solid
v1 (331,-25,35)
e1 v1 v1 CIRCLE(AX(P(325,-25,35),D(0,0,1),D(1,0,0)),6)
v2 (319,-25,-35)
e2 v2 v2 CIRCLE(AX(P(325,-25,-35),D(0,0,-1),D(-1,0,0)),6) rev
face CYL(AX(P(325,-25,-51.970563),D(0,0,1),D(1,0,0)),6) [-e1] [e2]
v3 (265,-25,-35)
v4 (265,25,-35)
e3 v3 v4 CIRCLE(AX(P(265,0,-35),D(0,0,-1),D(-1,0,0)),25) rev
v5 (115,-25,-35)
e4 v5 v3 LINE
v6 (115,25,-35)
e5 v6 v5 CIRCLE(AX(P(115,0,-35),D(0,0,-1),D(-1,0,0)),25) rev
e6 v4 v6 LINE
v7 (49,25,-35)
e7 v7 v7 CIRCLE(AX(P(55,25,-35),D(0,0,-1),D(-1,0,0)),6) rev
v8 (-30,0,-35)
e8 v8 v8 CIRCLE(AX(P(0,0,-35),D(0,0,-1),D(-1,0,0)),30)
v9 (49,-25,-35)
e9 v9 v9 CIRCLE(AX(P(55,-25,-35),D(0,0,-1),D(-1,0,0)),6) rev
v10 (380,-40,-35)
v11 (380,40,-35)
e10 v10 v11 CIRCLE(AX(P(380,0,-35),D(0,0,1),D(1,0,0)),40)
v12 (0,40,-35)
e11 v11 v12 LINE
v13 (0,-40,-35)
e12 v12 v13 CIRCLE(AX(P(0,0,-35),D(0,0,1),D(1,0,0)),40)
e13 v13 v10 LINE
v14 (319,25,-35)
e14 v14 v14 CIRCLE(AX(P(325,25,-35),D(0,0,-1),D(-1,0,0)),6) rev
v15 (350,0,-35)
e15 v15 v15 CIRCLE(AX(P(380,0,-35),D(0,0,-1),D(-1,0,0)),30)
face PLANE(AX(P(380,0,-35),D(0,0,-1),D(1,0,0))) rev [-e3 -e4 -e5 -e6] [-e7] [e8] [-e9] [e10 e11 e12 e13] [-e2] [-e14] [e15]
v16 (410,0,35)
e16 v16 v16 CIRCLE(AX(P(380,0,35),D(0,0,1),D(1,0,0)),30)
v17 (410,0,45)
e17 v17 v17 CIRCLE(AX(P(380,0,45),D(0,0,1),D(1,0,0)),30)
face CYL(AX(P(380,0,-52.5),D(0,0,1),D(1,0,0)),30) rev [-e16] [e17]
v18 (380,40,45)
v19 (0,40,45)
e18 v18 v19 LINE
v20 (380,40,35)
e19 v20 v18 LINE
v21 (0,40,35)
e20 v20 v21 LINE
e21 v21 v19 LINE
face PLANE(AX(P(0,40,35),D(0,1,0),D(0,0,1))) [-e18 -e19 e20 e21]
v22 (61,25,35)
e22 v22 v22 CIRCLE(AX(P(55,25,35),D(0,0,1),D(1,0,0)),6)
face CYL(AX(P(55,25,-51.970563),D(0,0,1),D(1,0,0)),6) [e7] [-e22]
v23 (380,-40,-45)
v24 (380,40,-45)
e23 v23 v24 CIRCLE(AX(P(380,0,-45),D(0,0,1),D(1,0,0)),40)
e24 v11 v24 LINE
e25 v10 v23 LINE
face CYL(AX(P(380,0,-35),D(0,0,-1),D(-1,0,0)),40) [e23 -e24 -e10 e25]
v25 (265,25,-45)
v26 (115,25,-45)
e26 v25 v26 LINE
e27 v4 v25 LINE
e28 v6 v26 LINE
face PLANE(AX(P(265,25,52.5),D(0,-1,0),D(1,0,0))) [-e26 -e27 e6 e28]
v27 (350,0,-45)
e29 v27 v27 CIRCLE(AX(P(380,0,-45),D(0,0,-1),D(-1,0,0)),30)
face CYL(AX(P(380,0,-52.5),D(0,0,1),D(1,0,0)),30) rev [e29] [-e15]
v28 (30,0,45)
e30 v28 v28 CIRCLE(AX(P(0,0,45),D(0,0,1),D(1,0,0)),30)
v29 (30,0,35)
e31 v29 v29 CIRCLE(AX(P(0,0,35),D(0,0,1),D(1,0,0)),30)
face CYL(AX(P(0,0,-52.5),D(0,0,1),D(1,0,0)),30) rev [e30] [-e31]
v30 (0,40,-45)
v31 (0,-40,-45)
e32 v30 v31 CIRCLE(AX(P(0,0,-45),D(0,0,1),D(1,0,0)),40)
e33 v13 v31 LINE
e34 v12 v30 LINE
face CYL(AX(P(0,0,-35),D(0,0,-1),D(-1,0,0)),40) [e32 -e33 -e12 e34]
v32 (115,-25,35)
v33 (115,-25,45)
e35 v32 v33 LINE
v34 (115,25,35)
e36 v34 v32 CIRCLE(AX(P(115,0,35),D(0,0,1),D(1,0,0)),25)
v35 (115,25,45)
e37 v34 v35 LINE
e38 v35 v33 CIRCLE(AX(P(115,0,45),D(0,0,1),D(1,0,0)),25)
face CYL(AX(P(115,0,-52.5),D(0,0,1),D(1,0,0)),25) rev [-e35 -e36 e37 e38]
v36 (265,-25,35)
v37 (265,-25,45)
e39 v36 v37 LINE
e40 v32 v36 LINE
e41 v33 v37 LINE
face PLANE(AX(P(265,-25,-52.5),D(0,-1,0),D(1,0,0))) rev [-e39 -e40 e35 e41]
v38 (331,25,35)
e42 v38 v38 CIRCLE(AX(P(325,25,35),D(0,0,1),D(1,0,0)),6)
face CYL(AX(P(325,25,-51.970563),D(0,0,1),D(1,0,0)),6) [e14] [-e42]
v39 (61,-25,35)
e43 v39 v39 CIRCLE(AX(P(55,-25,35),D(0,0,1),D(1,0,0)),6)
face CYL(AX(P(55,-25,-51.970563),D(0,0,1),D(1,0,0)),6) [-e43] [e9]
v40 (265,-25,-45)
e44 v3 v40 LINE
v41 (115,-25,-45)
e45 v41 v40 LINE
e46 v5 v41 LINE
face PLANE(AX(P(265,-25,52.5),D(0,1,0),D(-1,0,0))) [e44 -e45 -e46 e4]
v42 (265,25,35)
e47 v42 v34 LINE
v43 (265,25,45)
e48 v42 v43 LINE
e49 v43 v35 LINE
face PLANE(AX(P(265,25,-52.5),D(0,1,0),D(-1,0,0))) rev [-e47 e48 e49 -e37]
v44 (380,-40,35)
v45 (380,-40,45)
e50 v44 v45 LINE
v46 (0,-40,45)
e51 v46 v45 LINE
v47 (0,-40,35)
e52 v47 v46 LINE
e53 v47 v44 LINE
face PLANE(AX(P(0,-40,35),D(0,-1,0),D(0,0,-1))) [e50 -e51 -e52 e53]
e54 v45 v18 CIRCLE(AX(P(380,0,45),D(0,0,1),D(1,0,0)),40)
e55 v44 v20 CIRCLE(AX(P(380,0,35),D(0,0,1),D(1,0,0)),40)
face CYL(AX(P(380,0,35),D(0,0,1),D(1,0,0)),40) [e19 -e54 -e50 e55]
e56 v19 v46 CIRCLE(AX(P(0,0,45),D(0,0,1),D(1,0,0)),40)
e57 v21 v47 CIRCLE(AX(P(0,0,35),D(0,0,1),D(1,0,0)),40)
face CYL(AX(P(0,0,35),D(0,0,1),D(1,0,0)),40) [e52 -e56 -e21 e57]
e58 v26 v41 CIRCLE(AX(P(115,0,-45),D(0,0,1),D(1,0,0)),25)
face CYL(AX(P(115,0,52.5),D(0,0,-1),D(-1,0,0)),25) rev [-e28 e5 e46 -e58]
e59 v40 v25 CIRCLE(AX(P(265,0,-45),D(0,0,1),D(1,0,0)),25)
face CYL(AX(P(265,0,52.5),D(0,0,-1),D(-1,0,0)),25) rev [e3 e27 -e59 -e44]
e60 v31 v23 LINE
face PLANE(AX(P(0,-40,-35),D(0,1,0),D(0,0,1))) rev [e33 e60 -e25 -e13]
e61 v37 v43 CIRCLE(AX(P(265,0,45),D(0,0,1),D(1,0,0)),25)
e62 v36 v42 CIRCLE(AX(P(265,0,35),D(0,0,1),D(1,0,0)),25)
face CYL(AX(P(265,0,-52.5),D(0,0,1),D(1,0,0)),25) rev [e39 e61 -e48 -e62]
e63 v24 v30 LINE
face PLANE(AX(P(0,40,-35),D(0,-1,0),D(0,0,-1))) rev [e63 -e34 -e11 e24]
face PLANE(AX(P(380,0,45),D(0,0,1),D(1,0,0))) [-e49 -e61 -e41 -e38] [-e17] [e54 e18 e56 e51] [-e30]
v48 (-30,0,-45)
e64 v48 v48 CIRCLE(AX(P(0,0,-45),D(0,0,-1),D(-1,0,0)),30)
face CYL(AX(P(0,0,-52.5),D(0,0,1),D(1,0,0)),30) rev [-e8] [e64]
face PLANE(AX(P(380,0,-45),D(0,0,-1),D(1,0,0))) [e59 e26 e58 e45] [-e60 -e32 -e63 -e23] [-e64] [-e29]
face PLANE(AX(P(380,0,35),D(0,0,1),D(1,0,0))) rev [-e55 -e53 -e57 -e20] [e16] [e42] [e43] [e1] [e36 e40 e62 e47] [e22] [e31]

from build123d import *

# Parameters (mm, degrees)
SKETCH2_R           = 30
BOSS_EXTRUDE1_DEPTH = 52.5
BOSS_EXTRUDE2_DEPTH = 10
CUT_EXTRUDE1_DEPTH  = 434.01991871
SKETCH5_R           = 30
BOSS_EXTRUDE3_DEPTH = 52.5
SKETCH7_R           = 6
BOSS_EXTRUDE4_DEPTH = 80
SKETCH8_R           = 30
CUT_EXTRUDE2_DEPTH  = 435.770054167


with BuildPart() as part:
    # Sketch2 → Boss-Extrude1 (new, symmetric)
    with BuildSketch(Plane.XY):
        Circle(SKETCH2_R)
    extrude(amount=BOSS_EXTRUDE1_DEPTH, both=True)

    # Sketch3 → Boss-Extrude2 (add)
    with BuildSketch(Plane.XY.offset(45)):
        with BuildLine():
            Line((0, 40), (380, 40))
            ThreePointArc((380, 40), (420, 0), (380, -40))
            Line((380, -40), (0, -40))
            ThreePointArc((0, -40), (-40, 0), (0, 40))
        make_face()
    boss_extrude2 = extrude(amount=-BOSS_EXTRUDE2_DEPTH)

    # Sketch4 → Cut-Extrude1 (cut, through all)
    with BuildSketch(Plane.XY.offset(45)):
        with BuildLine():
            Line((265, -25), (115, -25))
            ThreePointArc((115, -25), (90, 0), (115, 25))
            Line((115, 25), (265, 25))
            ThreePointArc((265, 25), (290, 0), (265, -25))
        make_face()
    cut_extrude1 = extrude(amount=-CUT_EXTRUDE1_DEPTH, mode=Mode.SUBTRACT)

    # Sketch5 → Boss-Extrude3 (add, symmetric)
    with BuildSketch(Plane.XY):
        with Locations((380, 0)):
            Circle(SKETCH5_R)
    extrude(amount=BOSS_EXTRUDE3_DEPTH, both=True)

    # Mirror1: Boss-Extrude2, Cut-Extrude1 across plane
    add(boss_extrude2.mirror(Plane.XY))
    add(cut_extrude1.mirror(Plane.XY), mode=Mode.SUBTRACT)

    # Sketch7 → Boss-Extrude4 (add)
    with BuildSketch(Plane.XY.offset(45)):
        with Locations((55, 25)):
            Circle(SKETCH7_R)
        with Locations((325, 25)):
            Circle(SKETCH7_R)
        with Locations((325, -25)):
            Circle(SKETCH7_R)
        with Locations((55, -25)):
            Circle(SKETCH7_R)
    extrude(amount=-BOSS_EXTRUDE4_DEPTH)

    # Sketch8 → Cut-Extrude2 (cut, through all)
    with BuildSketch(Plane.XY.offset(52.5)):
        Circle(SKETCH8_R)
        with Locations((380, 0)):
            Circle(SKETCH8_R)
    extrude(amount=-CUT_EXTRUDE2_DEPTH, mode=Mode.SUBTRACT)


solid = part.part
